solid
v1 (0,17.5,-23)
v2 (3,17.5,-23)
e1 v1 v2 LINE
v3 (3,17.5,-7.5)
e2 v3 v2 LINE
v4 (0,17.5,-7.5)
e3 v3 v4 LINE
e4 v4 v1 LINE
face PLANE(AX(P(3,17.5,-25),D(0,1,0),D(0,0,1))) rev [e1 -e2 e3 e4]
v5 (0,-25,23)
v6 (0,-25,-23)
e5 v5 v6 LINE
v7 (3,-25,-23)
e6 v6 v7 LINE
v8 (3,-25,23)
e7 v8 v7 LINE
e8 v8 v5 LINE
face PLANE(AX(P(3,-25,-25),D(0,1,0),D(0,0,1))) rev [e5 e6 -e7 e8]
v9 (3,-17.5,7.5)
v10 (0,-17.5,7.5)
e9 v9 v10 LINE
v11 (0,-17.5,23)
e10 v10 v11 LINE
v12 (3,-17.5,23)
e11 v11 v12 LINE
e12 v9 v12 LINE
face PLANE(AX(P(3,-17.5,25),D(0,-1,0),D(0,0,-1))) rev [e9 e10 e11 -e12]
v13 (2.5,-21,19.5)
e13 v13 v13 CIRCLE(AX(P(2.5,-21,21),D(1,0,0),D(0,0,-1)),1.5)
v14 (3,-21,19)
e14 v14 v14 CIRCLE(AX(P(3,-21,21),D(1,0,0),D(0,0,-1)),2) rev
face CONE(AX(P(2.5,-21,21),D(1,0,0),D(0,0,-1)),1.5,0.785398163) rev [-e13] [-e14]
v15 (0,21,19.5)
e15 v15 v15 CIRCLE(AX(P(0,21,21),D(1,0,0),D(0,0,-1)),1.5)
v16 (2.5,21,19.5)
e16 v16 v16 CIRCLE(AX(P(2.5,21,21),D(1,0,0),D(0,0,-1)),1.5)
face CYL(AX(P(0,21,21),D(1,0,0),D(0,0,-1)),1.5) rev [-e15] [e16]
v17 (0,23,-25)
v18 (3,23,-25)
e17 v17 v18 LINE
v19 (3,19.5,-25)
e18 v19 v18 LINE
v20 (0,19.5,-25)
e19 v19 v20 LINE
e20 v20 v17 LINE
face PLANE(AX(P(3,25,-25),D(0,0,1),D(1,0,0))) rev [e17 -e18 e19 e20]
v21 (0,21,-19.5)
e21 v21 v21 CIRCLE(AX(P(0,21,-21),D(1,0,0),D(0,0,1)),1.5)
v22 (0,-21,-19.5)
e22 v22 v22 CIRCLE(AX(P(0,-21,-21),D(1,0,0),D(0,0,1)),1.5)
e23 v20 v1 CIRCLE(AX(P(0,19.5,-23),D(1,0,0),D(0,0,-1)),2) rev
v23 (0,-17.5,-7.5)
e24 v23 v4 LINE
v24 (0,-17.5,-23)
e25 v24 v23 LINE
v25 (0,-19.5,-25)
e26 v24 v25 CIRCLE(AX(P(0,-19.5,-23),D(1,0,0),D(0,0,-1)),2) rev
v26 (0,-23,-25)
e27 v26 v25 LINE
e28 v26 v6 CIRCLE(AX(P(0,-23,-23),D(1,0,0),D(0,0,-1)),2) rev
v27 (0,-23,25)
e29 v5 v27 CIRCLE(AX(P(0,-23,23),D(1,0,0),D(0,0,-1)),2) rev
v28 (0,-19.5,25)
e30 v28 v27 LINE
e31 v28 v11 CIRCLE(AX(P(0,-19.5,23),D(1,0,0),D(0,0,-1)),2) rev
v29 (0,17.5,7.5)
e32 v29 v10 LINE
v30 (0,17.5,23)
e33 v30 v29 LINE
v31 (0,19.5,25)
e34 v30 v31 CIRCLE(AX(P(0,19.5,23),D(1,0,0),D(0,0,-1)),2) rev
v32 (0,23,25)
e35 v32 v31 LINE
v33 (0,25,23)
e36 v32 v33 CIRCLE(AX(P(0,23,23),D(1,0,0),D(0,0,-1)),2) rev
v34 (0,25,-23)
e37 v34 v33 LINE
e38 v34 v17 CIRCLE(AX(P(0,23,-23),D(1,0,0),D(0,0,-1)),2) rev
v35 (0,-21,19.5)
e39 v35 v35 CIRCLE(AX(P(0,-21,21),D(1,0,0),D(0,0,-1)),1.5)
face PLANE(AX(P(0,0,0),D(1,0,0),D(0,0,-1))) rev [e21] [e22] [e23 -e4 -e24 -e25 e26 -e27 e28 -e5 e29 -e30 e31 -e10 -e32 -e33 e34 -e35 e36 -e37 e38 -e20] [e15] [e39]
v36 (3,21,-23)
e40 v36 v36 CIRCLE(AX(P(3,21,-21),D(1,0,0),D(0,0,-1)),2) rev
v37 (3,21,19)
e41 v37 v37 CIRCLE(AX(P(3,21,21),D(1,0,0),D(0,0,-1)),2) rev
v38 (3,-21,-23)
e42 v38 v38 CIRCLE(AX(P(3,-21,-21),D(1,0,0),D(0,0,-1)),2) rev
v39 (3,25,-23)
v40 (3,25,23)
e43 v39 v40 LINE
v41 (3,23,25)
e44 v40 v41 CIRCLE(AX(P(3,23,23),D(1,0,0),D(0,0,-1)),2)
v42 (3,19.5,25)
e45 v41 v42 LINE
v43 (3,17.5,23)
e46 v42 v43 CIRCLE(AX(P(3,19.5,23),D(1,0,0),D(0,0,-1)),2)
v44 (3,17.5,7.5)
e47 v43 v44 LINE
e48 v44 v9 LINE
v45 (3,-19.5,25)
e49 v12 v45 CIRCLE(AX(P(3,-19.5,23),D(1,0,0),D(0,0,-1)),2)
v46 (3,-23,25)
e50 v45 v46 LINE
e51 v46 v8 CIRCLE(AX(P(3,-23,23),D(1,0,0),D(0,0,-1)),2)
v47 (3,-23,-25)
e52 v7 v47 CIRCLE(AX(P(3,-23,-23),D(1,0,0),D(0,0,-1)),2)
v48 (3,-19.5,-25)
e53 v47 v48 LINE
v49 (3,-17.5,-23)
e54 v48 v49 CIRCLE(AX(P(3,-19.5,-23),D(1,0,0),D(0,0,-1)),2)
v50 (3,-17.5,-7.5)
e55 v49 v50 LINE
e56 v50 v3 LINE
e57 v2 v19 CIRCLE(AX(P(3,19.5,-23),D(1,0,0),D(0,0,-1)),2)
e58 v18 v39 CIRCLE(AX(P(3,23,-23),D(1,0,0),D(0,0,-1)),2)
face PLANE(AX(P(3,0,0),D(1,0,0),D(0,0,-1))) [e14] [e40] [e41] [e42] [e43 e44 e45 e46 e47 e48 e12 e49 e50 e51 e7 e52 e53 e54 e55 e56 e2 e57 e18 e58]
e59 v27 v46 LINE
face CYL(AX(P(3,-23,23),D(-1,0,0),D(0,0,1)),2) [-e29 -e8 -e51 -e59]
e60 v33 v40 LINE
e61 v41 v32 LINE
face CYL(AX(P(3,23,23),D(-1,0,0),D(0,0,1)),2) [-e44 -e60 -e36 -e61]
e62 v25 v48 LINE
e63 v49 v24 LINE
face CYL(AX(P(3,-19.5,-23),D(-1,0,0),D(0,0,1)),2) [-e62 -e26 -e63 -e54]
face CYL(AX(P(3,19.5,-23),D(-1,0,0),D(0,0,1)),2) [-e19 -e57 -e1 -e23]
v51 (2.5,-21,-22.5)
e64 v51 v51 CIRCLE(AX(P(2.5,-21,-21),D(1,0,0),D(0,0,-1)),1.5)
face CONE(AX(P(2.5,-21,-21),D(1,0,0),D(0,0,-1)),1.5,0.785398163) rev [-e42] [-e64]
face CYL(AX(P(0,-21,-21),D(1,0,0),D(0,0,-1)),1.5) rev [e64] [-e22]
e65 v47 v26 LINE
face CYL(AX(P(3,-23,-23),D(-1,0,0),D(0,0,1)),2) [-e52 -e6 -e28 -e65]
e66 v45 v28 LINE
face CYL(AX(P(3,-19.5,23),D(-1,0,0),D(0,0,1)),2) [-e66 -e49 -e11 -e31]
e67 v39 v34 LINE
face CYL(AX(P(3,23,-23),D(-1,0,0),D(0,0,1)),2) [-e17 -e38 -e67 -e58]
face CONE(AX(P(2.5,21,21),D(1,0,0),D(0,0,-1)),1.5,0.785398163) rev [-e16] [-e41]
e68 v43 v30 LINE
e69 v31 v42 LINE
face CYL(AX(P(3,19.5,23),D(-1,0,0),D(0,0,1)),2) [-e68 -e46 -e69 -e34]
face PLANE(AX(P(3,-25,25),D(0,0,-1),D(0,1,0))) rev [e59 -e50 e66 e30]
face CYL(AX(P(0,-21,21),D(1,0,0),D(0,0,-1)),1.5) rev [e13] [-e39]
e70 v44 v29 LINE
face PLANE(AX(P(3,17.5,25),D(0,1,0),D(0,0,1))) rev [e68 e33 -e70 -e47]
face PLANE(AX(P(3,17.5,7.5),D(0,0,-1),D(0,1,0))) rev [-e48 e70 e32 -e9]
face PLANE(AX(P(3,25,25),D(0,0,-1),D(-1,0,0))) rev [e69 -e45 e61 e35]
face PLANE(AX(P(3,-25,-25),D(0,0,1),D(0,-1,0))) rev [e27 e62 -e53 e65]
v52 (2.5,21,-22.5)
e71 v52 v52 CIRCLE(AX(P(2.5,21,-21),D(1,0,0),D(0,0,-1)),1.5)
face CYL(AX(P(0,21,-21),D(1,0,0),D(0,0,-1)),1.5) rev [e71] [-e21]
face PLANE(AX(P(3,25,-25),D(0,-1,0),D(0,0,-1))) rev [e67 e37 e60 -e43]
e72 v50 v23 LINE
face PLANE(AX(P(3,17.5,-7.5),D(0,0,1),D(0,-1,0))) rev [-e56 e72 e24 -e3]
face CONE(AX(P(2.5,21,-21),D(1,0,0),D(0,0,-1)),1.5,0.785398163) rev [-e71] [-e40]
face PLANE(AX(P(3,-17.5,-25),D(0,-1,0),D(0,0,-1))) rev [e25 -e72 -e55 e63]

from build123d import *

# Parameters (mm, degrees)
EXTRUDE_1_DEPTH     = 3
SKETCH_2_R          = 1.5
CUT_EXTRUDE_1_DEPTH = 3
CHAMFER_1_SIZE      = 0.5
FILLET_1_R          = 2


with BuildPart() as part:
    # 草图1 → 凸台-拉伸1 (new body)
    with BuildSketch(Plane(origin=(0, 0, 0), x_dir=(0, 0, -1), z_dir=(1, 0, 0))):
        Polygon((25, 25), (-25, 25), (-25, 17.5), (-7.5, 17.5), (-7.5, -17.5), (-25, -17.5), (-25, -25), (25, -25), (25, -17.5), (7.5, -17.5), (7.5, 17.5), (25, 17.5), align=None)
    extrude(amount=EXTRUDE_1_DEPTH)

    # 草图2 → 切除-拉伸1 (cut)
    with BuildSketch(Plane(origin=(3, 0, 0), x_dir=(0, 0, -1), z_dir=(1, 0, 0))):
        with Locations((-21, 21)):
            Circle(SKETCH_2_R)
        with Locations((-21, -21)):
            Circle(SKETCH_2_R)
        with Locations(Location((21, -21, 0), (0, 0, 180))):
            Circle(SKETCH_2_R)
        with Locations(Location((21, 21, 0), (0, 0, 180))):
            Circle(SKETCH_2_R)
    extrude(amount=-CUT_EXTRUDE_1_DEPTH, mode=Mode.SUBTRACT)

    # 倒角1
    chamfer_1_edges = [part.edges().sort_by_distance(p)[0] for p in [
        (3, 21, -22.5),
        (3, -21, -22.5),
        (3, -21, 22.5),
        (3, 21, 22.5),
    ]]
    chamfer(chamfer_1_edges, length=CHAMFER_1_SIZE)

    # 圆角1
    fillet_1_edges = [part.edges().sort_by_distance(p)[0] for p in [
        (1.5, 25, 25),
        (1.5, 25, -25),
        (1.5, 17.5, -25),
        (1.5, -17.5, -25),
        (1.5, -25, -25),
        (1.5, -25, 25),
        (1.5, -17.5, 25),
        (1.5, 17.5, 25),
    ]]
    fillet(fillet_1_edges, radius=FILLET_1_R)


solid = part.part
